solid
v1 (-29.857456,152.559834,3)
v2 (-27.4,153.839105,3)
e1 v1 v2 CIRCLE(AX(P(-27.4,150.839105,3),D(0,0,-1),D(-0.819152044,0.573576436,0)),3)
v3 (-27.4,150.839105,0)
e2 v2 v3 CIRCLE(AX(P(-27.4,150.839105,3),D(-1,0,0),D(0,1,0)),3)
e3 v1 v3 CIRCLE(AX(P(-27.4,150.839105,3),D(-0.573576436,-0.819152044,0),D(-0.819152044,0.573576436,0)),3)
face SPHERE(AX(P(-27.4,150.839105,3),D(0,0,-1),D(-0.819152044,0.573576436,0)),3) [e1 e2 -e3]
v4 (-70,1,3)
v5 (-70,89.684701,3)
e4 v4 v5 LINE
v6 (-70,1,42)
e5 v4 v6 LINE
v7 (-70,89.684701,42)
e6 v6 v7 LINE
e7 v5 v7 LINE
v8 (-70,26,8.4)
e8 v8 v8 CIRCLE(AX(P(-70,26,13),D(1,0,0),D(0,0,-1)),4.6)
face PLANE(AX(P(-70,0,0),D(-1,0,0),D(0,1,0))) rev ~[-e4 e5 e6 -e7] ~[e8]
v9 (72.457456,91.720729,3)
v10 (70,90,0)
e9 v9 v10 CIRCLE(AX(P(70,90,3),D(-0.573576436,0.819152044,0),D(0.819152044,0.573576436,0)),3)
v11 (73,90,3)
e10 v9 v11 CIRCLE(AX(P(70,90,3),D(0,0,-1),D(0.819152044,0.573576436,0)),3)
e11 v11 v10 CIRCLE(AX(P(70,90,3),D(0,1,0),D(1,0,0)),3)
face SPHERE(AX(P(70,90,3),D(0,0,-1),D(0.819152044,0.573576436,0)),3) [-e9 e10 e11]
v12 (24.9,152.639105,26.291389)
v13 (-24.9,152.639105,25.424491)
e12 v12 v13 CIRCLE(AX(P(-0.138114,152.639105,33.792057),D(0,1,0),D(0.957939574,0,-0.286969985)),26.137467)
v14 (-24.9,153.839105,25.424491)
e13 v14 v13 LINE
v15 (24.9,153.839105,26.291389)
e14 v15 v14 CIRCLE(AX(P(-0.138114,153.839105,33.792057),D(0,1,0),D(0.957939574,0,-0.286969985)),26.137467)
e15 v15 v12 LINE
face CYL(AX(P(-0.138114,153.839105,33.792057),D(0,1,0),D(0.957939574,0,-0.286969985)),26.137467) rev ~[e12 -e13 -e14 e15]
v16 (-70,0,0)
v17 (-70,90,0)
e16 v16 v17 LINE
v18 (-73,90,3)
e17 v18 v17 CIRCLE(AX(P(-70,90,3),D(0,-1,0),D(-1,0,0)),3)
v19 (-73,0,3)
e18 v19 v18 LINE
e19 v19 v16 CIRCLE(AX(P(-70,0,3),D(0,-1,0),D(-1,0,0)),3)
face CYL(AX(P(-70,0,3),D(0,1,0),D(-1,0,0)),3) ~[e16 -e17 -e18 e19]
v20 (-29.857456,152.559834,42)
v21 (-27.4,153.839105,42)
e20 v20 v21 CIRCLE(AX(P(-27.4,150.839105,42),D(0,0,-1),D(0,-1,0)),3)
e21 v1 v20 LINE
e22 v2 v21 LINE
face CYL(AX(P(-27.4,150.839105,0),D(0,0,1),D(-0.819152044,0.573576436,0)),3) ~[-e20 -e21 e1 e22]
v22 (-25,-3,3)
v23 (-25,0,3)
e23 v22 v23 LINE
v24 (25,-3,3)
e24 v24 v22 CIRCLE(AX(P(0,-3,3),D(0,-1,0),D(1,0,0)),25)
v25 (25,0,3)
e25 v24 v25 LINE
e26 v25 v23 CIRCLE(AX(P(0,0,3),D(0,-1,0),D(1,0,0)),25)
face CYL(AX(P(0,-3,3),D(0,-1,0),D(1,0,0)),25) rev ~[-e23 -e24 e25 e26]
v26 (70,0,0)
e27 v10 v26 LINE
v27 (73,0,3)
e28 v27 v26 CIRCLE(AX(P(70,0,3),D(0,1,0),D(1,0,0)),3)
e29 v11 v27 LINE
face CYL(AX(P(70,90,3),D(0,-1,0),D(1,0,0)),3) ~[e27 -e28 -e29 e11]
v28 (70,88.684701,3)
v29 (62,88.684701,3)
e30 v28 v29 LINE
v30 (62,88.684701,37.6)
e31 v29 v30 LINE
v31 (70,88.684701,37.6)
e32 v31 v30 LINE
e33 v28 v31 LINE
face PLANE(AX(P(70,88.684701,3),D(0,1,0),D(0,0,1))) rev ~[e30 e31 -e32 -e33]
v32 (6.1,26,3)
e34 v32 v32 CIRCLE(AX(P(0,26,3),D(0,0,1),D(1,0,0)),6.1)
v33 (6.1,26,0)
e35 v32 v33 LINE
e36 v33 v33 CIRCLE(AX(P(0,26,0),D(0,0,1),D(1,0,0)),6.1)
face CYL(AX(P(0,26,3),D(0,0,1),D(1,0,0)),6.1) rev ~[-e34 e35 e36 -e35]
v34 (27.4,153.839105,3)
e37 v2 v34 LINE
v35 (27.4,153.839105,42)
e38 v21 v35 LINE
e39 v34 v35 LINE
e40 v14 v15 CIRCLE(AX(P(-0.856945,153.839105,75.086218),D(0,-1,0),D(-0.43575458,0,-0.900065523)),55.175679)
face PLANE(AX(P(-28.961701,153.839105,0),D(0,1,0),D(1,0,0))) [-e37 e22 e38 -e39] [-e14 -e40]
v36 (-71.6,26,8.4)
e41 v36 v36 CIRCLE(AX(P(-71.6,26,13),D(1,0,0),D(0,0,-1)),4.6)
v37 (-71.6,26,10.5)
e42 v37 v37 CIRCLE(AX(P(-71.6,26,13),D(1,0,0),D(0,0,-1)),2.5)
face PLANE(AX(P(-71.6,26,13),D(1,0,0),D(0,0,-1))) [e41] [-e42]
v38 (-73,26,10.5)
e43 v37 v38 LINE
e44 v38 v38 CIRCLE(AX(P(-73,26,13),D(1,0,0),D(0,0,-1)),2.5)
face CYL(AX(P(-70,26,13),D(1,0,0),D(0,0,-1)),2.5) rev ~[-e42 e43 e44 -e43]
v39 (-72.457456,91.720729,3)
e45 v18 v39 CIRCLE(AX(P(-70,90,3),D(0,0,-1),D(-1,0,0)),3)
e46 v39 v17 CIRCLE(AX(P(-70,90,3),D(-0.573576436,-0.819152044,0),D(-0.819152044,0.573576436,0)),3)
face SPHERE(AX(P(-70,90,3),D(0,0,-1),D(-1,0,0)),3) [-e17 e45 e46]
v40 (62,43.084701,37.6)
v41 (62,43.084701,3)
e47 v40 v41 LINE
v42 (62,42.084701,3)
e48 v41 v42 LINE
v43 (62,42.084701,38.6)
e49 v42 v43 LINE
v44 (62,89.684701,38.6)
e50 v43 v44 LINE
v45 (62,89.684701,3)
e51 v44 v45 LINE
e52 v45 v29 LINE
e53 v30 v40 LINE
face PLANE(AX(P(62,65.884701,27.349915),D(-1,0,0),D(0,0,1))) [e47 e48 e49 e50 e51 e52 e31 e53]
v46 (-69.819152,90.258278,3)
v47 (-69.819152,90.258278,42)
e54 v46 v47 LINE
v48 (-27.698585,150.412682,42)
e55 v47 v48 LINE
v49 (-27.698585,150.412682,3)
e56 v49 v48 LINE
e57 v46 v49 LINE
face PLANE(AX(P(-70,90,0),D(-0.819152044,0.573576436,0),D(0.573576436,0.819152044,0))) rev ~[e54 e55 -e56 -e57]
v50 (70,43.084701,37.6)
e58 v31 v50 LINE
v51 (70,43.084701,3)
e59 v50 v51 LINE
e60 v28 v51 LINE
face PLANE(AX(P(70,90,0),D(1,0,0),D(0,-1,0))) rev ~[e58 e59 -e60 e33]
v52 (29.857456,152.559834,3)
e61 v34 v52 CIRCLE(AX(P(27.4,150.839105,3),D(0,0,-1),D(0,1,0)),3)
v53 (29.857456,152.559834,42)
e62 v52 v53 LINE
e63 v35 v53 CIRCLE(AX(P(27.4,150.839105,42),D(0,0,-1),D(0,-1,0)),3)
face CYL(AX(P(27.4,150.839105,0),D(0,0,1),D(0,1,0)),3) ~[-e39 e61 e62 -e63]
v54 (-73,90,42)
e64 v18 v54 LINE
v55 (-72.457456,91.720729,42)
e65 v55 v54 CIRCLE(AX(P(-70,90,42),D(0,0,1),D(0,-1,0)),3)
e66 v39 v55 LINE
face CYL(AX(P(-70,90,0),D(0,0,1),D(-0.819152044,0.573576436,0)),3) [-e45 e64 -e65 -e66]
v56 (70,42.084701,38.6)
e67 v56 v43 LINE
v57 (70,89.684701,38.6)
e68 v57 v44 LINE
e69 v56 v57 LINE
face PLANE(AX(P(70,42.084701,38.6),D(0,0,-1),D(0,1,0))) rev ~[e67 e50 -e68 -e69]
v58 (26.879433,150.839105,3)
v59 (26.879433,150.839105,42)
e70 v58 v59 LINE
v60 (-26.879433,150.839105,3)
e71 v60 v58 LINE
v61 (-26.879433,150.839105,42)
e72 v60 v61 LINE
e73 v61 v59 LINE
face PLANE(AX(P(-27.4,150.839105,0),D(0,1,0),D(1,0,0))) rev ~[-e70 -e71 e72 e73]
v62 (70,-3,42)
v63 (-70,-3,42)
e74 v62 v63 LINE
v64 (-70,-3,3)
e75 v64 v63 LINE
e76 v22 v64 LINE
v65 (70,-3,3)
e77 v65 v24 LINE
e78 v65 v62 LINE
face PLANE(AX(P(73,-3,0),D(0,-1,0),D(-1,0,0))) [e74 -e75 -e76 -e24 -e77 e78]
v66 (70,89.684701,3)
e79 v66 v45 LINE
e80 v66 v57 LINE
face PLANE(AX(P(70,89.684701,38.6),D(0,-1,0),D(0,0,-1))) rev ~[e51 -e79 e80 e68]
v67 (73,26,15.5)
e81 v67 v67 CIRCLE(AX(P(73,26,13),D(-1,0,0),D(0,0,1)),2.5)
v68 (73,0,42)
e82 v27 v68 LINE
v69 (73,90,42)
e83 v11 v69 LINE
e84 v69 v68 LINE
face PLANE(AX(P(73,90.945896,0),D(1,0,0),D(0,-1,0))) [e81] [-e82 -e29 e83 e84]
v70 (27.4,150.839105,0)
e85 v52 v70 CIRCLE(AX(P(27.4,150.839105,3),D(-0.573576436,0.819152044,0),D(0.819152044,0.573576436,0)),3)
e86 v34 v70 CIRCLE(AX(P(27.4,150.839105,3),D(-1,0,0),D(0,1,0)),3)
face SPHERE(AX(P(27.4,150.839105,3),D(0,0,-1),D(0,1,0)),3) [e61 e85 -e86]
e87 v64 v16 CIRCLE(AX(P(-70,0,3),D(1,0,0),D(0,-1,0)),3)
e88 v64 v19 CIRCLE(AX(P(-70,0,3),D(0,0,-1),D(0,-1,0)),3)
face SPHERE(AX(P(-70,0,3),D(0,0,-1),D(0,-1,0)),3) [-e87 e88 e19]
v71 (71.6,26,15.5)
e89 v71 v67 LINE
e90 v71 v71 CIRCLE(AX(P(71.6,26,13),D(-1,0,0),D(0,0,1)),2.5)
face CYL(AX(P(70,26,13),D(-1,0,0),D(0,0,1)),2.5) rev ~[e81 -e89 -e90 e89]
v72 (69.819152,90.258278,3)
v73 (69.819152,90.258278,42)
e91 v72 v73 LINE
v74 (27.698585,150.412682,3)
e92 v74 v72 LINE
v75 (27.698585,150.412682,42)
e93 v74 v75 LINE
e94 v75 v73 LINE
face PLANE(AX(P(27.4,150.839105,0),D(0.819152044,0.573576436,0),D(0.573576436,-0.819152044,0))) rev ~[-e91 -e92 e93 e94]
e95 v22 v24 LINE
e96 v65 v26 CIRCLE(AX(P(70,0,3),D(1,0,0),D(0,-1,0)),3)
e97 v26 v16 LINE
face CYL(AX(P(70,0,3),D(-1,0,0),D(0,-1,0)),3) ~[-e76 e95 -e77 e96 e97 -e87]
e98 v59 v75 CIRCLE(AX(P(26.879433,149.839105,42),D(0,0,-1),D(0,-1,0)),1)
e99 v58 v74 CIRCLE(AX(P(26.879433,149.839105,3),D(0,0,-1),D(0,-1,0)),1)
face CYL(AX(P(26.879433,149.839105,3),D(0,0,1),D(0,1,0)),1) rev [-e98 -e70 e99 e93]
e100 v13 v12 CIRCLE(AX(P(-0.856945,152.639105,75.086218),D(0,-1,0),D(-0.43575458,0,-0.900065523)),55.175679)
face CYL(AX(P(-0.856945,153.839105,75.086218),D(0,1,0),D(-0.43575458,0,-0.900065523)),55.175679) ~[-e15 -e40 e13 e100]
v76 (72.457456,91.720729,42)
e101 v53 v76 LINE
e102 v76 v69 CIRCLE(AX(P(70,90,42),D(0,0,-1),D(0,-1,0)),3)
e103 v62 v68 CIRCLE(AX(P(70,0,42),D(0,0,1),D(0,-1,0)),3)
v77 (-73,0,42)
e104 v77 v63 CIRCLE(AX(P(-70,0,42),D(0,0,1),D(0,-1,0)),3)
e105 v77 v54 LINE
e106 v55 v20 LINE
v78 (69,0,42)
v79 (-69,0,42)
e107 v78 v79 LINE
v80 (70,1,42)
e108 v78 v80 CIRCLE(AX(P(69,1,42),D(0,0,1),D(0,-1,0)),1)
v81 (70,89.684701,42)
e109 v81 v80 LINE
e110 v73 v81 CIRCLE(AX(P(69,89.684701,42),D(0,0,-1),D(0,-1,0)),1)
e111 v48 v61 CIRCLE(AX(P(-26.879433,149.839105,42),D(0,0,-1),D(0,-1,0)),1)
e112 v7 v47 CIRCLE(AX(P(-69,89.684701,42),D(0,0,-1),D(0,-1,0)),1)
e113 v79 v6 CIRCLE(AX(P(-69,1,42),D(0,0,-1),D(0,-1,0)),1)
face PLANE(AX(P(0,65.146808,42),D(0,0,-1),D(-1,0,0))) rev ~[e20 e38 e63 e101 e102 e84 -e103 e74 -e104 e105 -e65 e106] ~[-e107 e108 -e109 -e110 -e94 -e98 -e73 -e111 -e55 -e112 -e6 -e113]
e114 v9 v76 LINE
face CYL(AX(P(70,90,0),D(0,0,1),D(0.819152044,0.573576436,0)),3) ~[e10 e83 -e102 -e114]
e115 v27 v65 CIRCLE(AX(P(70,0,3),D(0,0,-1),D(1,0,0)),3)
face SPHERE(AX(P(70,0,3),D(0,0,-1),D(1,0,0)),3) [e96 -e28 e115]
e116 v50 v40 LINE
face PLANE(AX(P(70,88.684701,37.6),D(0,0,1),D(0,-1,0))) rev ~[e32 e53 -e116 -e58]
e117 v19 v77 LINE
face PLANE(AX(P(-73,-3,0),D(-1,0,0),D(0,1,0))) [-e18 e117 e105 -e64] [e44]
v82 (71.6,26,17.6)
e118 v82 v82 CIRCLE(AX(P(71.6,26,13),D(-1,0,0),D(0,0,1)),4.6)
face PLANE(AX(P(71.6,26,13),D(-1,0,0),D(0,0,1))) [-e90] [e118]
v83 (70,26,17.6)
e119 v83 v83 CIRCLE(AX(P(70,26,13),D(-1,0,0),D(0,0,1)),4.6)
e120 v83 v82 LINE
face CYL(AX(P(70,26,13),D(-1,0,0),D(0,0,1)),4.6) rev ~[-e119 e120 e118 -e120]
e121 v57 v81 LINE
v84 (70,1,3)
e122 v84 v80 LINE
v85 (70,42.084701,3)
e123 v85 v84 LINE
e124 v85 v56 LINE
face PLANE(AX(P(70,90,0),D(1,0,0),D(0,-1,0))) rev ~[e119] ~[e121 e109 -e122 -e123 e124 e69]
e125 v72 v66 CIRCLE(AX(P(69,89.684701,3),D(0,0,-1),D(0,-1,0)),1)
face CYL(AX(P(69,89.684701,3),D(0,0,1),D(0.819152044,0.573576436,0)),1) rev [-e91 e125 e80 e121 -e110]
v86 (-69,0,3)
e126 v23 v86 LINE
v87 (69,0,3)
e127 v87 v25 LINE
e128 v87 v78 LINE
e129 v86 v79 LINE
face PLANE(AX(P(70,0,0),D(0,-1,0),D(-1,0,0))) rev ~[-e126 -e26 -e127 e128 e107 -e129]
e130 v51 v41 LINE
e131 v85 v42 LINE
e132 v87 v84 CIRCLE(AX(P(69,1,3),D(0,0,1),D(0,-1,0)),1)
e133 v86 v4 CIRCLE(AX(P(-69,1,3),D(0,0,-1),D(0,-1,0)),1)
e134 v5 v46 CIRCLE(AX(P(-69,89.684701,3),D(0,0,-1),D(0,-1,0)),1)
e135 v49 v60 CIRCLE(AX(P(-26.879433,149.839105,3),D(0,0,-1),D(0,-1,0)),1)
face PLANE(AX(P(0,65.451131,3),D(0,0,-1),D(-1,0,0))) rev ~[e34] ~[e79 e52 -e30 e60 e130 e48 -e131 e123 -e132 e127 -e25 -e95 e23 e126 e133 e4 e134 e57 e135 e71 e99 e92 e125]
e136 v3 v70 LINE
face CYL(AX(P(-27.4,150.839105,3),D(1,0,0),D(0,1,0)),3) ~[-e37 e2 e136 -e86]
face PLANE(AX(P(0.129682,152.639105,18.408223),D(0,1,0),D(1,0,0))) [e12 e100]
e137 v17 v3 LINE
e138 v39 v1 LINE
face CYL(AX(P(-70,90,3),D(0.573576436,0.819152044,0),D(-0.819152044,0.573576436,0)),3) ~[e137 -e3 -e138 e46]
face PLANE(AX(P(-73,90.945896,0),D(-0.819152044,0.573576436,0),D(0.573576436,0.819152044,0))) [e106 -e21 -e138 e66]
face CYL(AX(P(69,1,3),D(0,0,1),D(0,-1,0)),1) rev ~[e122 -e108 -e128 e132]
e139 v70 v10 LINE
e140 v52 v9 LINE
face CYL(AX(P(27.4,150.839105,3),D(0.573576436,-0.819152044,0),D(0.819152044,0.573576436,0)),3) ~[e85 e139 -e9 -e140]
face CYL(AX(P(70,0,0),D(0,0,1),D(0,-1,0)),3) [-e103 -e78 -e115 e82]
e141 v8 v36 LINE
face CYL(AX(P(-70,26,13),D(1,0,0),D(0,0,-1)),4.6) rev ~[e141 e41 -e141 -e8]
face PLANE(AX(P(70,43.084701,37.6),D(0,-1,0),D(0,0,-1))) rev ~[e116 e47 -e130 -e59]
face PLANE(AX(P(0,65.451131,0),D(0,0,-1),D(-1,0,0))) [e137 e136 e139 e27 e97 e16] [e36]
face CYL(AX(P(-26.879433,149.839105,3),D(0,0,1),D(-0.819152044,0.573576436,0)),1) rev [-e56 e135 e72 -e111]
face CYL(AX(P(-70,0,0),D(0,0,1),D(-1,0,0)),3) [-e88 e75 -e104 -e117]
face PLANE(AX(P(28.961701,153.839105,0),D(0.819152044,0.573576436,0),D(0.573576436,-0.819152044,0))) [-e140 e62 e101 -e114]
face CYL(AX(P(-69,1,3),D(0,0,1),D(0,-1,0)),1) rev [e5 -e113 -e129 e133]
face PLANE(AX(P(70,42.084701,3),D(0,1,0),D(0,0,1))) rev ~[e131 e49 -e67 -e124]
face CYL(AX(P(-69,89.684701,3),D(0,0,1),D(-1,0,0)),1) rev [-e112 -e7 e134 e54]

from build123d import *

# Parameters (mm, degrees)
BOSS_EXTRU_2_DEPTH       = 42
BOSS_EXTRU_3_DEPTH       = 3
CONG_5_R                 = 1
CONG_6_R                 = 3
CONG_7_R                 = 3
ESQUISSE4_R              = 4.6
ENL_V_MAT_EXTRU_1_DEPTH  = 1.6
ESQUISSE5_R              = 2.5
ENL_V_MAT_EXTRU_2_DEPTH  = 4
ESQUISSE6_R              = 4.6
ENL_V_MAT_EXTRU_3_DEPTH  = 1.6
ESQUISSE7_R              = 2.5
ENL_V_MAT_EXTRU_4_DEPTH  = 4
ENL_V_MAT_EXTRU_8_DEPTH  = 1.2
BOSS_EXTRU_4_DEPTH       = 8
ESQUISSE14_R             = 6.1
ENL_V_MAT_EXTRU_9_DEPTH  = 4
ENL_V_MAT_EXTRU_11_DEPTH = 3


with BuildPart() as part:
    # Esquisse1 → Boss.-Extru.2 (new body)
    with BuildSketch(Plane.XY):
        Polygon((-73, 90.945896367), (-28.961701152, 153.839105087), (28.961701152, 153.839105087), (73, 90.945896367), (73, -3), (-73, -3), align=None)
        Polygon((70, 0), (-70, 0), (-70, 90), (-27.4, 150.839105087), (27.4, 150.839105087), (70, 90), align=None, mode=Mode.SUBTRACT)
    extrude(amount=BOSS_EXTRU_2_DEPTH)

    # Esquisse3 → Boss.-Extru.3 (add)
    with BuildSketch(Plane.XY):
        Polygon((-70, 90), (-27.4, 150.839105087), (27.4, 150.839105087), (70, 90), (70, 0), (-70, 0), align=None)
    extrude(amount=BOSS_EXTRU_3_DEPTH)

    # Congé5
    cong_5_edges = [part.edges().sort_by_distance(p)[0] for p in [
        (70, 0, 22.5),
        (70, 90, 22.5),
        (27.4, 150.839105087, 22.5),
        (-27.4, 150.839105087, 22.5),
        (-70, 90, 22.5),
        (-70, 0, 22.5),
    ]]
    fillet(cong_5_edges, radius=CONG_5_R)

    # Congé6
    cong_6_edges = [part.edges().sort_by_distance(p)[0] for p in [
        (-73, -3, 21),
        (73, -3, 21),
        (73, 90.945896367, 21),
        (28.961701152, 153.839105087, 21),
        (-28.961701152, 153.839105087, 21),
        (-73, 90.945896367, 21),
    ]]
    fillet(cong_6_edges, radius=CONG_6_R)

    # Congé7
    cong_7_edges = [part.edges().sort_by_distance(p)[0] for p in [
        (-51.157456133, 122.140281853, 0),
        (51.157456133, 122.140281853, 0),
        (73, 45, 0),
        (0, -3, 0),
        (-28.78524584, 153.500137587, 0),
        (-72.861150852, 90.902117399, 0),
        (-72.121320344, -2.121320344, 0),
        (72.121320344, -2.121320344, 0),
        (72.861150852, 90.902117399, 0),
        (28.78524584, 153.500137587, 0),
        (0, 153.839105087, 0),
        (-73, 45, 0),
    ]]
    fillet(cong_7_edges, radius=CONG_7_R)

    # Esquisse4 → Enlèv. mat.-Extru.1 (cut)
    with BuildSketch(Plane(origin=(-70, 0, 0), x_dir=(0, 0, -1), z_dir=(1, 0, 0))):
        with Locations((-13, 26)):
            Circle(ESQUISSE4_R)
    extrude(amount=-ENL_V_MAT_EXTRU_1_DEPTH, mode=Mode.SUBTRACT)

    # Esquisse5 → Enlèv. mat.-Extru.2 (cut, through all)
    with BuildSketch(Plane(origin=(-70, 0, 0), x_dir=(0, 0, -1), z_dir=(1, 0, 0))):
        with Locations((-13, 26)):
            Circle(ESQUISSE5_R)
    extrude(amount=-ENL_V_MAT_EXTRU_2_DEPTH, mode=Mode.SUBTRACT)

    # Esquisse6 → Enlèv. mat.-Extru.3 (cut)
    with BuildSketch(Plane.ZY.offset(-70)):
        with Locations((13, 26)):
            Circle(ESQUISSE6_R)
    extrude(amount=-ENL_V_MAT_EXTRU_3_DEPTH, mode=Mode.SUBTRACT)

    # Esquisse7 → Enlèv. mat.-Extru.4 (cut, through all)
    with BuildSketch(Plane.ZY.offset(-70)):
        with Locations((13, 26)):
            Circle(ESQUISSE7_R)
    extrude(amount=-ENL_V_MAT_EXTRU_4_DEPTH, mode=Mode.SUBTRACT)

    # Esquisse12 → Enlèv. mat.-Extru.8 (cut)
    with BuildSketch(Plane(origin=(0, 153.839105087, 0), x_dir=(1, 0, 0), z_dir=(0, 1, 0))):
        with BuildLine():
            ThreePointArc((24.9, -26.291388692), (0.316807272, -7.658549634), (-24.9, -25.424491407))
            ThreePointArc((-24.9, -25.424491407), (0.10338435, -19.918896621), (24.9, -26.291388692))
        make_face()
    extrude(amount=-ENL_V_MAT_EXTRU_8_DEPTH, mode=Mode.SUBTRACT)

    # Esquisse13 → Boss.-Extru.4 (add)
    with BuildSketch(Plane.ZY.offset(-70)):
        Polygon((3, 89.684701211), (3, 88.684701211), (37.6, 88.684701211), (37.6, 43.084701211), (3, 43.084701211), (3, 42.084701211), (38.6, 42.084701211), (38.6, 89.684701211), align=None)
    extrude(amount=BOSS_EXTRU_4_DEPTH)

    # Esquisse14 → Enlèv. mat.-Extru.9 (cut, through all)
    with BuildSketch(Plane.XY.offset(3)):
        with Locations((0, 26)):
            Circle(ESQUISSE14_R)
    extrude(amount=-ENL_V_MAT_EXTRU_9_DEPTH, mode=Mode.SUBTRACT)

    # Esquisse16 → Enlèv. mat.-Extru.11 (cut)
    with BuildSketch(Plane.XZ.offset(3)):
        with BuildLine():
            Line((-25, 3), (25, 3))
            ThreePointArc((25, 3), (0, 28), (-25, 3))
        make_face()
    extrude(amount=-ENL_V_MAT_EXTRU_11_DEPTH, mode=Mode.SUBTRACT)


solid = part.part
